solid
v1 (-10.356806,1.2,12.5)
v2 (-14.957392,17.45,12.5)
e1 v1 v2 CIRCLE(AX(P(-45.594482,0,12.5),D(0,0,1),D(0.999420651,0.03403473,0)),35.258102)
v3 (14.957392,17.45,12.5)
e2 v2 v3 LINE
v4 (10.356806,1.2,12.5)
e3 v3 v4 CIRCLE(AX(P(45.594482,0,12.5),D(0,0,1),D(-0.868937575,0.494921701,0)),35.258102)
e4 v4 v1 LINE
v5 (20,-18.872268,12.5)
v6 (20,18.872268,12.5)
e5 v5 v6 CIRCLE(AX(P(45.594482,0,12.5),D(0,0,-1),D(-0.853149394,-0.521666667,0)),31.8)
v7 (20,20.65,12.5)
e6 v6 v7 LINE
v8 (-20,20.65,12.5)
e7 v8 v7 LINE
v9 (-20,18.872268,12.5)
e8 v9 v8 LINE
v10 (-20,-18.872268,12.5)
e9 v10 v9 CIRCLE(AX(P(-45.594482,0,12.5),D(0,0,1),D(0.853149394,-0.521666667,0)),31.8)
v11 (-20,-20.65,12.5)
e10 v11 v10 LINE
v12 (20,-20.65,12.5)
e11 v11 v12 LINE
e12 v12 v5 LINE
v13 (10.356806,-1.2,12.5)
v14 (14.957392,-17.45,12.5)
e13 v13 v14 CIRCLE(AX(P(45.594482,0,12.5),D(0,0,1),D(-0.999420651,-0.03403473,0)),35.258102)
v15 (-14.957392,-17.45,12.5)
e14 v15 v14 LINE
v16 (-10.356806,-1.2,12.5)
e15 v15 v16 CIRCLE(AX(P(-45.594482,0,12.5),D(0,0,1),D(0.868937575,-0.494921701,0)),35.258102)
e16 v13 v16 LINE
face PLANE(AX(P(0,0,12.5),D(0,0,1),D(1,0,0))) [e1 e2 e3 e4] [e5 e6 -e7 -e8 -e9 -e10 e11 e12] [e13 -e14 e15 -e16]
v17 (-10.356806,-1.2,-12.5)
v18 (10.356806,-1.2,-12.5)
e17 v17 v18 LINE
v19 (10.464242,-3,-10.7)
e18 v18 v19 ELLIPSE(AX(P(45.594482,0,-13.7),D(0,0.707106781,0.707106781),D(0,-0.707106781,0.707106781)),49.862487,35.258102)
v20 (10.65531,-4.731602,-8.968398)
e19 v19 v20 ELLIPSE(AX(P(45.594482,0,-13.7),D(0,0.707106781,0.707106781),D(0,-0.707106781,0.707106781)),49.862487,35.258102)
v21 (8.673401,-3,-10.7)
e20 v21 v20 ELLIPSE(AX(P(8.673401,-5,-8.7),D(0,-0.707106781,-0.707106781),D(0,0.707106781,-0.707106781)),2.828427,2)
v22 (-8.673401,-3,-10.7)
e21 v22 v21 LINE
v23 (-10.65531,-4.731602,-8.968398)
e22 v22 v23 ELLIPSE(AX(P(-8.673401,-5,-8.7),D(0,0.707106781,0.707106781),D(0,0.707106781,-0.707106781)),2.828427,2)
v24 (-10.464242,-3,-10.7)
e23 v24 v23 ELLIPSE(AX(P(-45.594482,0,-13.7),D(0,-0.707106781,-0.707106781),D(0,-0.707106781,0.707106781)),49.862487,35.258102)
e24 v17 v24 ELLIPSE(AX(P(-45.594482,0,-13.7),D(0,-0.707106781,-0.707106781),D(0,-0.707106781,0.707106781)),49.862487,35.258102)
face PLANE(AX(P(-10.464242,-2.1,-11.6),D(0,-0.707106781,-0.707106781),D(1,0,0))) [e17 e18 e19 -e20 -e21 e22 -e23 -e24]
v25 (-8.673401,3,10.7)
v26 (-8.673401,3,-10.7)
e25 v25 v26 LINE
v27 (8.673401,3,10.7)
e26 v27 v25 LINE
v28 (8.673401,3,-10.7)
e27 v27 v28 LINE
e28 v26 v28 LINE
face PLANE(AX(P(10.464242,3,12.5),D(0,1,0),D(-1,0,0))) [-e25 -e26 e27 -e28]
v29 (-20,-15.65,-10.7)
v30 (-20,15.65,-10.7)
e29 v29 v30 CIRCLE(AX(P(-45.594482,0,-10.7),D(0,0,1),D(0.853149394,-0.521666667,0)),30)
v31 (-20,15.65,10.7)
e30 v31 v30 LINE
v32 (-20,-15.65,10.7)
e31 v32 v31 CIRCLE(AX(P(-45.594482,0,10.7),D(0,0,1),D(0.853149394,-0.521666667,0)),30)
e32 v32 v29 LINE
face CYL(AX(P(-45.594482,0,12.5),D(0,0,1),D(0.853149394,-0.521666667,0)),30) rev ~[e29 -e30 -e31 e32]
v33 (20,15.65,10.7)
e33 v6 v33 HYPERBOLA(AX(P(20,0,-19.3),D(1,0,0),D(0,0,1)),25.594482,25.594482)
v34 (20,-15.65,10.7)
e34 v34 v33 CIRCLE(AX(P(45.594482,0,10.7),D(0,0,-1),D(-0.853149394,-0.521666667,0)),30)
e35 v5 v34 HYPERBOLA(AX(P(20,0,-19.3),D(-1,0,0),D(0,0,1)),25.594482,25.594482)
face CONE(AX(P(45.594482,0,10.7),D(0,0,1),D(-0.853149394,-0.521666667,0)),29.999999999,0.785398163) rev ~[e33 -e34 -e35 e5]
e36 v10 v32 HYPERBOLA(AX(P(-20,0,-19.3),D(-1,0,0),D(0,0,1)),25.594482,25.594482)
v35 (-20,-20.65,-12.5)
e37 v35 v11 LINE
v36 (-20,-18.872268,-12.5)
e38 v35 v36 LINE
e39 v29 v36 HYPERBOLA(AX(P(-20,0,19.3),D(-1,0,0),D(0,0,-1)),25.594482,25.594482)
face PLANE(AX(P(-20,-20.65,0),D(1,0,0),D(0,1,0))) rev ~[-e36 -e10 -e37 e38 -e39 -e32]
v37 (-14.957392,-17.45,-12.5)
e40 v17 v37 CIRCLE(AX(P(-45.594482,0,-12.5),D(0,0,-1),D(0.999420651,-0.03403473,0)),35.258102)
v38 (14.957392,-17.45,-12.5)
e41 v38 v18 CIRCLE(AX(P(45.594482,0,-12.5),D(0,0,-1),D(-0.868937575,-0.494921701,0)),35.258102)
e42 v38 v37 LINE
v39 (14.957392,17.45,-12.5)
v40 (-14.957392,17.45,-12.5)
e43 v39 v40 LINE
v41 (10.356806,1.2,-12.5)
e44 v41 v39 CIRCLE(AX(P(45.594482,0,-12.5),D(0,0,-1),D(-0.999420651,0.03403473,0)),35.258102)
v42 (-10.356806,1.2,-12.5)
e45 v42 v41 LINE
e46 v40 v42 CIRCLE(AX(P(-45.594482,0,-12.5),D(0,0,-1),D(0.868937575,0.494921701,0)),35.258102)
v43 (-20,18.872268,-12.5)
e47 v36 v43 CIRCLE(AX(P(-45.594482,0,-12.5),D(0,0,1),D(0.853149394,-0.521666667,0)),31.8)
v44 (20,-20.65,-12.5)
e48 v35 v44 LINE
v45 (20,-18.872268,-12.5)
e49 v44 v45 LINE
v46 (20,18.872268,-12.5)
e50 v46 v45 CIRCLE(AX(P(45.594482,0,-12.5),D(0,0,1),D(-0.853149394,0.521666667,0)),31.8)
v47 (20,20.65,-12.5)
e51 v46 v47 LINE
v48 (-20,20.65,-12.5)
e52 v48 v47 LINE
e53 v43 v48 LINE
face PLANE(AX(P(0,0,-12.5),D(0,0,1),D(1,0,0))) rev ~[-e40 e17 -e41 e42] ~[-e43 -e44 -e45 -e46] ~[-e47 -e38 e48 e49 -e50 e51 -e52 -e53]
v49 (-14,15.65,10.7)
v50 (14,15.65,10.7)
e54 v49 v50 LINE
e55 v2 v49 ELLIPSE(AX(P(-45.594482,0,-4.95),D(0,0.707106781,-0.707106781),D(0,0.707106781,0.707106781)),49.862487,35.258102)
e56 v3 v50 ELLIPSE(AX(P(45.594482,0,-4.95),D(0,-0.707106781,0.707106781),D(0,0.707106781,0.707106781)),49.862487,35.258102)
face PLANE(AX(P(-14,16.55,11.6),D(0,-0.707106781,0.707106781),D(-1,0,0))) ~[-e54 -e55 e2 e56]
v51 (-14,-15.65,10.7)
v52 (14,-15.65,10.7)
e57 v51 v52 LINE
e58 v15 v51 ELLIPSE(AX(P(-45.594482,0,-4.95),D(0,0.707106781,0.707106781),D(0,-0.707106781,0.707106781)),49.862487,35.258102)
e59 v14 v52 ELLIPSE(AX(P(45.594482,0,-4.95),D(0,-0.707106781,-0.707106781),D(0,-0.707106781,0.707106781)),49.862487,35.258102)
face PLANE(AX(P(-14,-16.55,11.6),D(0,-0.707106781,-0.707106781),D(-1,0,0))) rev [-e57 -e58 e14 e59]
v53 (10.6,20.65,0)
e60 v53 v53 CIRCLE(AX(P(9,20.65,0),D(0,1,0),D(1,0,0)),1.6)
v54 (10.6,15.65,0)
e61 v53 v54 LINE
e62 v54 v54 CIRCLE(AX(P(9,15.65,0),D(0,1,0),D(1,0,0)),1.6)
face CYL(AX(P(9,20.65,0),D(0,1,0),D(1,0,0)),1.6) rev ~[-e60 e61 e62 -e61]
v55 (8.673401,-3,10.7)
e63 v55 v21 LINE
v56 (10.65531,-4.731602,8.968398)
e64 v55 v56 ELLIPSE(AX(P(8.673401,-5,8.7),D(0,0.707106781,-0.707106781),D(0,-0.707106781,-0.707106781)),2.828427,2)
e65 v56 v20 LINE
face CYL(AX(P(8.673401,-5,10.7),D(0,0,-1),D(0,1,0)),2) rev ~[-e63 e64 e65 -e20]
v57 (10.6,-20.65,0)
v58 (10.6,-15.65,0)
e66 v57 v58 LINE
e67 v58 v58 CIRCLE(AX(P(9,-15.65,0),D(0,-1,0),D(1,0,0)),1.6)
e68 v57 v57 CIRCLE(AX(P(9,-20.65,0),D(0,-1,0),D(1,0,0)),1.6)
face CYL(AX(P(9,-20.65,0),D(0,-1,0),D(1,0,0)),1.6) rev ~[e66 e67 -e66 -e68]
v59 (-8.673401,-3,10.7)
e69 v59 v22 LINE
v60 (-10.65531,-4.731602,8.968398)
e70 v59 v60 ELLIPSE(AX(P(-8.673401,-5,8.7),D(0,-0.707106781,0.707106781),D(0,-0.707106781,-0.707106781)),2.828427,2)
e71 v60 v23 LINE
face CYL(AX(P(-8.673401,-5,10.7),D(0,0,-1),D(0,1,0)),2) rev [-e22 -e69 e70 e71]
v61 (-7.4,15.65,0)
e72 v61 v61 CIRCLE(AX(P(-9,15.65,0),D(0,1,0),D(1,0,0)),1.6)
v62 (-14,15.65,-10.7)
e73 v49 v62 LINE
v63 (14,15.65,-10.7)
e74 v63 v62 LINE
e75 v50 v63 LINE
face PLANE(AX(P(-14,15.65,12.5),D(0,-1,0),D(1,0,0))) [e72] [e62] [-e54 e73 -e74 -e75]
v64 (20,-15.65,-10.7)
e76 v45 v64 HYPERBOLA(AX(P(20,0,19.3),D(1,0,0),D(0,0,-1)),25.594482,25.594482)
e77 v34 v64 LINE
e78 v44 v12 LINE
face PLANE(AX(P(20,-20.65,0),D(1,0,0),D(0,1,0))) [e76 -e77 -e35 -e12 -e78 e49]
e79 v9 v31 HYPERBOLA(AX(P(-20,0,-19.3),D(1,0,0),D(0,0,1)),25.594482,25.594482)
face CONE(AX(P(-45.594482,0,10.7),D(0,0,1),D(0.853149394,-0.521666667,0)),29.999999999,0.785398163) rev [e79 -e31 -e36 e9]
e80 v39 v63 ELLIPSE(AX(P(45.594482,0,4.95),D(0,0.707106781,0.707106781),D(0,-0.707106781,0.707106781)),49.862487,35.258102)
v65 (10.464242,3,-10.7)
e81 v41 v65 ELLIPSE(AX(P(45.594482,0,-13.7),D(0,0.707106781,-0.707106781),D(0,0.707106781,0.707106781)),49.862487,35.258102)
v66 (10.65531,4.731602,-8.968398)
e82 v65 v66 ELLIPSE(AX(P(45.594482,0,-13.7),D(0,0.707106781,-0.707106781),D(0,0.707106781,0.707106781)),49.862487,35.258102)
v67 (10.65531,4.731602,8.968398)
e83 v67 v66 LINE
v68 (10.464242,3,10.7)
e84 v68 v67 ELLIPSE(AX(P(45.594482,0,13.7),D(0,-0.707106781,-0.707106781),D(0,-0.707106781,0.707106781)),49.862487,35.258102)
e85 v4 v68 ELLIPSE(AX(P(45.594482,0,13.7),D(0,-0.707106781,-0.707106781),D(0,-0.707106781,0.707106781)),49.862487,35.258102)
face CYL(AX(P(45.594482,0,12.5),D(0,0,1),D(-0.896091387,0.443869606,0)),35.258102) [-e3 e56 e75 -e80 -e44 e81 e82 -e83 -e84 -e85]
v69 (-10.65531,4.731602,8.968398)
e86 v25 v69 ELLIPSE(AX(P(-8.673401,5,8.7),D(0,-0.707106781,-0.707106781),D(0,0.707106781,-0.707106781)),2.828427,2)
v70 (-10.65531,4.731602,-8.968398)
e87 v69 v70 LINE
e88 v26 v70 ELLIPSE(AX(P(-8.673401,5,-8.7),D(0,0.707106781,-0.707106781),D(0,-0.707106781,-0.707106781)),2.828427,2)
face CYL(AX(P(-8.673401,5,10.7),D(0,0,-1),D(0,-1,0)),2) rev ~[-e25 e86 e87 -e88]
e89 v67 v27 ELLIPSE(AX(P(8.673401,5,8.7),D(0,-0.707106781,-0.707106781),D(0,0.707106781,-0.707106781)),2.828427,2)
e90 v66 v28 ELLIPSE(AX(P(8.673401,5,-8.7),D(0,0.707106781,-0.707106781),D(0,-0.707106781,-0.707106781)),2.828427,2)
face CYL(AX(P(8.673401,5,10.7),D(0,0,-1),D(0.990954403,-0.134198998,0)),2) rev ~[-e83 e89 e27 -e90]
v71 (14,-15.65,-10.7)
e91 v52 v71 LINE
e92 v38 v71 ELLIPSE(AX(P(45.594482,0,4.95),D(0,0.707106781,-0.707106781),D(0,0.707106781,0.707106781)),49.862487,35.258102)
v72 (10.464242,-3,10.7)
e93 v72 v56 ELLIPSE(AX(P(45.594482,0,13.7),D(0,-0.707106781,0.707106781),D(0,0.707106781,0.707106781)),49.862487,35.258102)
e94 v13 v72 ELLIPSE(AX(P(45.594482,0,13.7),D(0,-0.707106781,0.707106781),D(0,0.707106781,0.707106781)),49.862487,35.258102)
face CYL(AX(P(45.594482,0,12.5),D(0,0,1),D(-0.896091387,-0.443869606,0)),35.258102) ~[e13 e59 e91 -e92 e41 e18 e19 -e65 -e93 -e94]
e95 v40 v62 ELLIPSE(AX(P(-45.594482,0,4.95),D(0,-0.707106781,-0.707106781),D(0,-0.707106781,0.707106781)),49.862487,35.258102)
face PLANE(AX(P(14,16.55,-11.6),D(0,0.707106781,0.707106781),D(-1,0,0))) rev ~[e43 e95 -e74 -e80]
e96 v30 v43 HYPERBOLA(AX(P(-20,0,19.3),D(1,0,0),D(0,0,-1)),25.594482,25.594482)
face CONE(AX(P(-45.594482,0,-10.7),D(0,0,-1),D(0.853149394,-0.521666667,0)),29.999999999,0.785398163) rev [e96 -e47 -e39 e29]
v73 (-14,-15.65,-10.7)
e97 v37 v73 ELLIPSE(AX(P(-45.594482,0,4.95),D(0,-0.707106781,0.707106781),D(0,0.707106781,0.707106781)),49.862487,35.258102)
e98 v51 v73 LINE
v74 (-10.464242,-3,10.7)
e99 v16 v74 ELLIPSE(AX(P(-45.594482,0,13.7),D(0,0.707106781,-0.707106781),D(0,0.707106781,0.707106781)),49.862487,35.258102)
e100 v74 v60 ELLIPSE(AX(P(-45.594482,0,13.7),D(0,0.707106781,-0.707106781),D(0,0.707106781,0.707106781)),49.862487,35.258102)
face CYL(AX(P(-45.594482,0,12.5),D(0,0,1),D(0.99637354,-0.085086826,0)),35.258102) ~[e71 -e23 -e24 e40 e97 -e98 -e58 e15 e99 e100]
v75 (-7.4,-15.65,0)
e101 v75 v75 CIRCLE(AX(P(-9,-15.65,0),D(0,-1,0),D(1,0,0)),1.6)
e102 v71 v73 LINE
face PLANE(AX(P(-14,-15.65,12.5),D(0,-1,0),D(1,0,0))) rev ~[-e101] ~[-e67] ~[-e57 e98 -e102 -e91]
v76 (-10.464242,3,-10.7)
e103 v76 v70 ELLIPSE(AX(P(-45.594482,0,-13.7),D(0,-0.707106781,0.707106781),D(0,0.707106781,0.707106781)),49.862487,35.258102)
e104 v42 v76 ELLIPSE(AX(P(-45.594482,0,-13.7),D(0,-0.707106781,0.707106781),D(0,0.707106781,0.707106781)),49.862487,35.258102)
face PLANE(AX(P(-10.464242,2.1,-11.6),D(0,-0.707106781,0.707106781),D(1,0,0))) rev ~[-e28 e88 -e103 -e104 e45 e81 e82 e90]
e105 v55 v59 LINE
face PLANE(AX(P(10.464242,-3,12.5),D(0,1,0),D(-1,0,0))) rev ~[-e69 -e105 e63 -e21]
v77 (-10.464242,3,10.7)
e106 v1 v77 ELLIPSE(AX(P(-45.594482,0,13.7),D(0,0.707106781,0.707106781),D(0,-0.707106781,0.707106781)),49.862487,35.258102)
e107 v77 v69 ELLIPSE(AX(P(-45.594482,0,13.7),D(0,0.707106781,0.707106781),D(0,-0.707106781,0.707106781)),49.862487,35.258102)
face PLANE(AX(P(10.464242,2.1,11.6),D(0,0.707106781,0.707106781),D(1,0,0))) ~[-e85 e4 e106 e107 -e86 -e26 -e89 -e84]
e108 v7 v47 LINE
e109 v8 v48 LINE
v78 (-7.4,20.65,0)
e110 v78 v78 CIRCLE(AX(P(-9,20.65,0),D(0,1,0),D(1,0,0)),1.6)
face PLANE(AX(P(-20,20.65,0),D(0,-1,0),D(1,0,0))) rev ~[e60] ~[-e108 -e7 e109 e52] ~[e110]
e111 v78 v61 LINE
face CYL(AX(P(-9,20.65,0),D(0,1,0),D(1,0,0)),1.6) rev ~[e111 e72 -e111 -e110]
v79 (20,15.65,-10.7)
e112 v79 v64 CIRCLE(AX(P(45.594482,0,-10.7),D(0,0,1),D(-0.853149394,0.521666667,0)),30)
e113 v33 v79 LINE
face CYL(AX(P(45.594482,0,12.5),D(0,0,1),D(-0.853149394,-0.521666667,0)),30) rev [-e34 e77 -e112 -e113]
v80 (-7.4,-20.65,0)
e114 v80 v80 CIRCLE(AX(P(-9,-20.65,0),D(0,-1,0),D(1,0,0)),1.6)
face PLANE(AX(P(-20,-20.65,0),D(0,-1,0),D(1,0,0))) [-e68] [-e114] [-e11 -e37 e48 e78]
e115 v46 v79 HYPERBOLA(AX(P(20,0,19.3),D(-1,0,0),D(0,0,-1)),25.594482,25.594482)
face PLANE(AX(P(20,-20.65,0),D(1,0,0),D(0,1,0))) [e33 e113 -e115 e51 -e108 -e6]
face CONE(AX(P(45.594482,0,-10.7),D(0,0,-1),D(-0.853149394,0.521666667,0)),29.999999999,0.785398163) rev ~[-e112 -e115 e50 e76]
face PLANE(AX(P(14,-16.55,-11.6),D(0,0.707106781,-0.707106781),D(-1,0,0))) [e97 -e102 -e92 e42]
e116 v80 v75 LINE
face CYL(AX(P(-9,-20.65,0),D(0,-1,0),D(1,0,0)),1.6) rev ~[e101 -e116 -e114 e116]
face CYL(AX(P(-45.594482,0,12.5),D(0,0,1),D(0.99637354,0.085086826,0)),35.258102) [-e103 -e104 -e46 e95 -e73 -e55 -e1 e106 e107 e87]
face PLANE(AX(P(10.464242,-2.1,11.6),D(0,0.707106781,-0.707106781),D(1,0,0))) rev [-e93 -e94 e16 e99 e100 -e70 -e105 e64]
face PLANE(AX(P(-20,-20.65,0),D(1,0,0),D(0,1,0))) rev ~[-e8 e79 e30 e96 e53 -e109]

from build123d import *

# Parameters (mm, degrees)
BOSS_EXTRU_1_DEPTH      = 12.5
BOSS_EXTRU_1_DEPTH_BACK = 12.5
ESQUISSE1_W             = 40
ESQUISSE1_H             = 41.3
ENL_V_MAT_EXTRU_1_REACH = 40.098
ENL_V_MAT_EXTRU_2_REACH = 49.56
ESQUISSE3_R             = 1.6
ENL_V_MAT_EXTRU_3_REACH = 49.56
ESQUISSE4_R             = 1.6
CHANFREIN7_SIZE         = 1.8
CONG_4_R                = 2


with BuildPart() as part:
    # Esquisse1 → Boss.-Extru.1 (new, two sides: drawn at the far end of the back side and taken through both)
    with BuildSketch(Plane.XY.offset(-BOSS_EXTRU_1_DEPTH_BACK)):
        Rectangle(ESQUISSE1_W, ESQUISSE1_H)
    extrude(amount=BOSS_EXTRU_1_DEPTH + BOSS_EXTRU_1_DEPTH_BACK)

    # Esquisse2 → Enlèv. mat.-Extru.1 (cut, up to next)
    with BuildSketch(Plane.XY.offset(12.5), mode=Mode.PRIVATE) as enl_v_mat_extru_1_sk1:
        with BuildLine():
            Line((-20, 15.65), (-20, -15.65))
            ThreePointArc((-20, -15.65), (-15.594481827, 0), (-20, 15.65))
        make_face()
    enl_v_mat_extru_1_tool1 = extrude(enl_v_mat_extru_1_sk1.sketch, amount=-ENL_V_MAT_EXTRU_1_REACH, mode=Mode.PRIVATE) & part.part
    # Esquisse2 → Enlèv. mat.-Extru.1 (cut, up to next)
    with BuildSketch(Plane.XY.offset(12.5), mode=Mode.PRIVATE) as enl_v_mat_extru_1_sk2:
        with BuildLine():
            Line((20, 15.65), (20, -15.65))
            ThreePointArc((20, -15.65), (15.594481827, 0), (20, 15.65))
        make_face()
    enl_v_mat_extru_1_tool2 = extrude(enl_v_mat_extru_1_sk2.sketch, amount=-ENL_V_MAT_EXTRU_1_REACH, mode=Mode.PRIVATE) & part.part
    # Esquisse2 → Enlèv. mat.-Extru.1 (cut, up to next)
    with BuildSketch(Plane.XY.offset(12.5), mode=Mode.PRIVATE) as enl_v_mat_extru_1_sk3:
        with BuildLine():
            Line((-14, -15.65), (14, -15.65))
            ThreePointArc((14, -15.65), (11.637851253, -9.491102252), (10.46424155, -3))
            Line((10.46424155, -3), (-10.46424155, -3))
            ThreePointArc((-10.46424155, -3), (-11.637851253, -9.491102252), (-14, -15.65))
        make_face()
    enl_v_mat_extru_1_tool3 = extrude(enl_v_mat_extru_1_sk3.sketch, amount=-ENL_V_MAT_EXTRU_1_REACH, mode=Mode.PRIVATE) & part.part
    # Esquisse2 → Enlèv. mat.-Extru.1 (cut, up to next)
    with BuildSketch(Plane.XY.offset(12.5), mode=Mode.PRIVATE) as enl_v_mat_extru_1_sk4:
        with BuildLine():
            Line((-14, 15.65), (14, 15.65))
            ThreePointArc((14, 15.65), (11.637851253, 9.491102252), (10.46424155, 3))
            Line((10.46424155, 3), (-10.46424155, 3))
            ThreePointArc((-10.46424155, 3), (-11.637851253, 9.491102252), (-14, 15.65))
        make_face()
    enl_v_mat_extru_1_tool4 = extrude(enl_v_mat_extru_1_sk4.sketch, amount=-ENL_V_MAT_EXTRU_1_REACH, mode=Mode.PRIVATE) & part.part
    add(enl_v_mat_extru_1_tool1.solids().sort_by_distance((-18.226209, 0, 12.5))[0], mode=Mode.SUBTRACT)
    add(enl_v_mat_extru_1_tool2.solids().sort_by_distance((18.226209, 0, 12.5))[0], mode=Mode.SUBTRACT)
    add(enl_v_mat_extru_1_tool3.solids().sort_by_distance((0, -9.638348, 12.5))[0], mode=Mode.SUBTRACT)
    add(enl_v_mat_extru_1_tool4.solids().sort_by_distance((0, 9.638348, 12.5))[0], mode=Mode.SUBTRACT)

    # Esquisse3 → Enlèv. mat.-Extru.2 (cut, up to next)
    with BuildSketch(Plane(origin=(0, 20.65, 0), x_dir=(1, 0, 0), z_dir=(0, 1, 0)), mode=Mode.PRIVATE) as enl_v_mat_extru_2_sk1:
        with Locations((-9, 0)):
            Circle(ESQUISSE3_R)
    enl_v_mat_extru_2_tool1 = extrude(enl_v_mat_extru_2_sk1.sketch, amount=-ENL_V_MAT_EXTRU_2_REACH, mode=Mode.PRIVATE) & part.part
    # Esquisse3 → Enlèv. mat.-Extru.2 (cut, up to next)
    with BuildSketch(Plane(origin=(0, 20.65, 0), x_dir=(1, 0, 0), z_dir=(0, 1, 0)), mode=Mode.PRIVATE) as enl_v_mat_extru_2_sk2:
        with Locations((9, 0)):
            Circle(ESQUISSE3_R)
    enl_v_mat_extru_2_tool2 = extrude(enl_v_mat_extru_2_sk2.sketch, amount=-ENL_V_MAT_EXTRU_2_REACH, mode=Mode.PRIVATE) & part.part
    add(enl_v_mat_extru_2_tool1.solids().sort_by_distance((-9, 20.65, 0))[0], mode=Mode.SUBTRACT)
    add(enl_v_mat_extru_2_tool2.solids().sort_by_distance((9, 20.65, 0))[0], mode=Mode.SUBTRACT)

    # Esquisse4 → Enlèv. mat.-Extru.3 (cut, up to next)
    with BuildSketch(Plane.XZ.offset(20.65), mode=Mode.PRIVATE) as enl_v_mat_extru_3_sk1:
        with Locations((-9, 0)):
            Circle(ESQUISSE4_R)
    enl_v_mat_extru_3_tool1 = extrude(enl_v_mat_extru_3_sk1.sketch, amount=-ENL_V_MAT_EXTRU_3_REACH, mode=Mode.PRIVATE) & part.part
    # Esquisse4 → Enlèv. mat.-Extru.3 (cut, up to next)
    with BuildSketch(Plane.XZ.offset(20.65), mode=Mode.PRIVATE) as enl_v_mat_extru_3_sk2:
        with Locations((9, 0)):
            Circle(ESQUISSE4_R)
    enl_v_mat_extru_3_tool2 = extrude(enl_v_mat_extru_3_sk2.sketch, amount=-ENL_V_MAT_EXTRU_3_REACH, mode=Mode.PRIVATE) & part.part
    add(enl_v_mat_extru_3_tool1.solids().sort_by_distance((-9, -20.65, 0))[0], mode=Mode.SUBTRACT)
    add(enl_v_mat_extru_3_tool2.solids().sort_by_distance((9, -20.65, 0))[0], mode=Mode.SUBTRACT)

    # Chanfrein7
    chanfrein7_edges = [part.edges().sort_by_distance(p)[0] for p in [
        (-15.594481827, 0, -12.5),
        (15.594481827, 0, -12.5),
        (15.594481827, 0, 12.5),
        (-15.594481827, 0, 12.5),
        (0, -3, -12.5),
        (0, 3, -12.5),
        (0, -3, 12.5),
        (0, 3, 12.5),
        (0, 15.65, 12.5),
        (0, -15.65, 12.5),
        (0, -15.65, -12.5),
        (0, 15.65, -12.5),
    ]]
    chamfer(chanfrein7_edges, length=CHANFREIN7_SIZE)

    # Congé4
    cong_4_edges = [part.edges().sort_by_distance(p)[0] for p in [
        (10.46424155, 3, 0),
        (-10.46424155, 3, 0),
        (10.46424155, -3, 0),
        (-10.46424155, -3, 0),
    ]]
    fillet(cong_4_edges, radius=CONG_4_R)


solid = part.part
